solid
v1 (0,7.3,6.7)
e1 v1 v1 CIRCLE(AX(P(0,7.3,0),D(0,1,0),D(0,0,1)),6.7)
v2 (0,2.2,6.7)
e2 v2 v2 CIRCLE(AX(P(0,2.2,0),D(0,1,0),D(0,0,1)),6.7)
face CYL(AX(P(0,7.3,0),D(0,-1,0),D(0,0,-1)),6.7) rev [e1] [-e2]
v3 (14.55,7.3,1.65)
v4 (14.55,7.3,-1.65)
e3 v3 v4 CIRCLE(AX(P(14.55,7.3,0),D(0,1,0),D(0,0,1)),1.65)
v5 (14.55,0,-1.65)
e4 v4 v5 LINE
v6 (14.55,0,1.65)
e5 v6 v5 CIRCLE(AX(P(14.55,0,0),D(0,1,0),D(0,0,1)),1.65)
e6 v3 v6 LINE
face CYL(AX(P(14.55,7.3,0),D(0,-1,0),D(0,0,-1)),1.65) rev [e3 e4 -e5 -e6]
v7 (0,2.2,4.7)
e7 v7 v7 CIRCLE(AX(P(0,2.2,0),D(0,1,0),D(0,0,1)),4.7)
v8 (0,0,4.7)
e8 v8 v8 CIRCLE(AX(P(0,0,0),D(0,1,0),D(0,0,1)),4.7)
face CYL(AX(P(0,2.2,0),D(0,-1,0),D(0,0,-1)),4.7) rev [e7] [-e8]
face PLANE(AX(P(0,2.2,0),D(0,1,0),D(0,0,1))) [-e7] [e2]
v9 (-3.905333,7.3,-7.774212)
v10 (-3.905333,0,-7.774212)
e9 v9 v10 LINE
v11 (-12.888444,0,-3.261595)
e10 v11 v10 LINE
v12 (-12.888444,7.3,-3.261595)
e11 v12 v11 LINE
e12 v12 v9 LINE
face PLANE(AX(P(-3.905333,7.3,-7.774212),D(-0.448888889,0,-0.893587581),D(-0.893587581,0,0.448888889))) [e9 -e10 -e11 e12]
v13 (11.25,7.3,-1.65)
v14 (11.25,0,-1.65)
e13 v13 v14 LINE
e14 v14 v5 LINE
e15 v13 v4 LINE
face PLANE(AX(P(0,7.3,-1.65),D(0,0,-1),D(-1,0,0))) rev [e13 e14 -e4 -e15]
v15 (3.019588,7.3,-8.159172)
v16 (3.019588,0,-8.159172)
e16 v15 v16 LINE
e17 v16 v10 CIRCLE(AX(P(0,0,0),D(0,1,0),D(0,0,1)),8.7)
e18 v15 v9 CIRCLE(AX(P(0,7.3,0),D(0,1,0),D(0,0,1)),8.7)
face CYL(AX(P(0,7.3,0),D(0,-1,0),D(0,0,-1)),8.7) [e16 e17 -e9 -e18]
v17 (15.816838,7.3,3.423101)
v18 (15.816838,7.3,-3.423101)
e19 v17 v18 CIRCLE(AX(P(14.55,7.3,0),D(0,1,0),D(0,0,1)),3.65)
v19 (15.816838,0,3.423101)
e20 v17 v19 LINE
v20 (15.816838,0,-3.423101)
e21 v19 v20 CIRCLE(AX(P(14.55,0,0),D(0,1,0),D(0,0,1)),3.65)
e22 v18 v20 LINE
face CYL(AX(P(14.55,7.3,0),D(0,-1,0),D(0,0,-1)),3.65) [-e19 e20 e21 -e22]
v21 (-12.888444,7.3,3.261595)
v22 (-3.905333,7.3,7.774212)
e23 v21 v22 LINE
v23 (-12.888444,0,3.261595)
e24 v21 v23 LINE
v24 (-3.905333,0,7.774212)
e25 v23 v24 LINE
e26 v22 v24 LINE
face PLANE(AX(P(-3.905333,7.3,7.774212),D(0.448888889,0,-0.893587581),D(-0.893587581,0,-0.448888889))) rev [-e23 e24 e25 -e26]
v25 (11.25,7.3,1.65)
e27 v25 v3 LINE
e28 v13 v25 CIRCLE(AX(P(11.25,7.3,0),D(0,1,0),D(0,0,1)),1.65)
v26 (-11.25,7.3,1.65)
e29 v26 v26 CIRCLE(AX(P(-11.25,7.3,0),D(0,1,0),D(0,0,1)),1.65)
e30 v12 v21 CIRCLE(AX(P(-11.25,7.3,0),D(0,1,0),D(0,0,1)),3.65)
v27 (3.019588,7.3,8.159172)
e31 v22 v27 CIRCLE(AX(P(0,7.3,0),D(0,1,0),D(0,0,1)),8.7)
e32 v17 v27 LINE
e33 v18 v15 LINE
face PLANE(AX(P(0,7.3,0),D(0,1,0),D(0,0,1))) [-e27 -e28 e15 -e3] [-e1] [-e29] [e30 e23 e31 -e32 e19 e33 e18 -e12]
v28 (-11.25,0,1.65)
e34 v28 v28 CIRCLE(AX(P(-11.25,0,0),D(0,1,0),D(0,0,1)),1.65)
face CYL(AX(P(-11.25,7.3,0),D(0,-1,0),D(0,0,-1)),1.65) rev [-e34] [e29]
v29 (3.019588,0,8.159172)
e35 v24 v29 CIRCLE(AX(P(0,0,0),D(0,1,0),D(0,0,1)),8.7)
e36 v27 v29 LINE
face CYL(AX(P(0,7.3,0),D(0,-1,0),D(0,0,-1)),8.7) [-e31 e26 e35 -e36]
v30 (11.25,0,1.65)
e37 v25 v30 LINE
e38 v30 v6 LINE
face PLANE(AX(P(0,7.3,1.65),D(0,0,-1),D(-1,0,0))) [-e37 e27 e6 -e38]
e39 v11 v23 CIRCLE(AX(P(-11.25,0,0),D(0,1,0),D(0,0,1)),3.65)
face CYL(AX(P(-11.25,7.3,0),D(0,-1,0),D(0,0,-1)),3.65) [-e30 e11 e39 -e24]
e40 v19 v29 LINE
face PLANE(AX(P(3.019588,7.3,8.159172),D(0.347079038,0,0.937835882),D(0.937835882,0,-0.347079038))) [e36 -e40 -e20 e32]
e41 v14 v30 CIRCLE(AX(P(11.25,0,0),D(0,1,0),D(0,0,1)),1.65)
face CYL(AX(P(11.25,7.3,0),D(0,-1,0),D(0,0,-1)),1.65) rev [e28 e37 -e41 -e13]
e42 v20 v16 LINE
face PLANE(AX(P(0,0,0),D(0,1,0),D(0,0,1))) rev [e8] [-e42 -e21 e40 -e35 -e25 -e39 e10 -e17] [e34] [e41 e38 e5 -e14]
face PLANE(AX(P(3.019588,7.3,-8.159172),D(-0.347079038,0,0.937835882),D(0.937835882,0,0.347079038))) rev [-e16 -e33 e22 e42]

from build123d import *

# Parameters (mm, degrees)
BODY_DEPTH    = 7.3
SKETCH1_4_R   = 6.7
SKETCH1_4_R_2 = 4.7
FLOOR_2_DEPTH = 2.2


with BuildPart() as part:
    # Sketch1 → Body (new body)
    with BuildSketch(Plane(origin=(0, 0, 0), x_dir=(1, 0, 0), z_dir=(0, 1, 0))):
        with BuildLine():
            ThreePointArc((-9.081356282, 2.935895847), (-10.938876635, 3.636715861), (-12.888444444, 3.261594672))
            ThreePointArc((-12.888444444, 3.261594672), (-14.9, 0), (-12.888444444, -3.261594672))
            ThreePointArc((-12.888444444, -3.261594672), (-10.938876635, -3.636715861), (-9.081356282, -2.935895847))
            Line((-9.081356282, -2.935895847), (-11.990666667, -1.474419509))
            ThreePointArc((-11.990666667, -1.474419509), (-12.9, 0), (-11.990666667, 1.474419509))
            Line((-11.990666667, 1.474419509), (-9.081356282, 2.935895847))
        make_face()
        with BuildLine():
            ThreePointArc((-8.396888889, -2.276457113), (-8.551599574, -1.600045227), (-8.651913043, -0.913455362))
            Line((-8.651913043, -0.913455362), (-9.652022209, -0.411055931))
            ThreePointArc((-9.652022209, -0.411055931), (-10.567042376, -1.502021599), (-11.990666667, -1.474419509))
            Line((-11.990666667, -1.474419509), (-9.081356282, -2.935895847))
            ThreePointArc((-9.081356282, -2.935895847), (-8.717566338, -2.628550884), (-8.396888889, -2.276457113))
        make_face()
        with BuildLine():
            ThreePointArc((-8.396888889, 2.276457113), (-8.717566338, 2.628550884), (-9.081356282, 2.935895847))
            Line((-9.081356282, 2.935895847), (-11.990666667, 1.474419509))
            ThreePointArc((-11.990666667, 1.474419509), (-10.383859134, 1.404385987), (-9.6, 0))
            ThreePointArc((-9.6, 0), (-9.613057216, -0.207167377), (-9.652022209, -0.411055931))
            Line((-9.652022209, -0.411055931), (-8.651913043, -0.913455362))
            ThreePointArc((-8.651913043, -0.913455362), (-8.6723294, 0.69332732), (-8.396888889, 2.276457113))
        make_face()
        with BuildLine():
            ThreePointArc((-7.6, 0), (-7.804977826, 1.205952828), (-8.396888889, 2.276457113))
            ThreePointArc((-8.396888889, 2.276457113), (-8.6723294, 0.69332732), (-8.651913043, -0.913455362))
            Line((-8.651913043, -0.913455362), (-7.846323981, -1.318138671))
            ThreePointArc((-7.846323981, -1.318138671), (-7.662109431, -0.670478385), (-7.6, 0))
        make_face()
        with BuildLine():
            ThreePointArc((-8.396888889, -2.276457113), (-8.085124037, -1.818257446), (-7.846323981, -1.318138671))
            Line((-7.846323981, -1.318138671), (-8.651913043, -0.913455362))
            ThreePointArc((-8.651913043, -0.913455362), (-8.551599574, -1.600045227), (-8.396888889, -2.276457113))
        make_face()
        with BuildLine():
            Line((-12.888444444, -3.261594672), (-3.905333333, -7.774211957))
            ThreePointArc((-3.905333333, -7.774211957), (-6.309744397, -5.989751718), (-7.966765369, -3.495804564))
            Line((-7.966765369, -3.495804564), (-9.081356282, -2.935895847))
            ThreePointArc((-9.081356282, -2.935895847), (-10.938876635, -3.636715861), (-12.888444444, -3.261594672))
        make_face()
        with BuildLine():
            ThreePointArc((-7.966765369, 3.495804564), (-6.309744397, 5.989751718), (-3.905333333, 7.774211957))
            Line((-3.905333333, 7.774211957), (-12.888444444, 3.261594672))
            ThreePointArc((-12.888444444, 3.261594672), (-10.938876635, 3.636715861), (-9.081356282, 2.935895847))
            Line((-9.081356282, 2.935895847), (-7.966765369, 3.495804564))
        make_face()
        with BuildLine():
            ThreePointArc((-8.396888889, 2.276457113), (-8.204510785, 2.894132474), (-7.966765369, 3.495804564))
            Line((-7.966765369, 3.495804564), (-9.081356282, 2.935895847))
            ThreePointArc((-9.081356282, 2.935895847), (-8.717566338, 2.628550884), (-8.396888889, 2.276457113))
        make_face()
        with BuildLine():
            Line((-9.081356282, -2.935895847), (-7.966765369, -3.495804564))
            ThreePointArc((-7.966765369, -3.495804564), (-8.204510785, -2.894132474), (-8.396888889, -2.276457113))
            ThreePointArc((-8.396888889, -2.276457113), (-8.717566338, -2.628550884), (-9.081356282, -2.935895847))
        make_face()
        with BuildLine():
            ThreePointArc((-3.007555556, -5.987036795), (-5.087040274, -4.360277658), (-6.376599997, -2.056446565))
            Line((-6.376599997, -2.056446565), (-7.846323981, -1.318138671))
            ThreePointArc((-7.846323981, -1.318138671), (-8.085124037, -1.818257446), (-8.396888889, -2.276457113))
            ThreePointArc((-8.396888889, -2.276457113), (-8.204510785, -2.894132474), (-7.966765369, -3.495804564))
            Line((-7.966765369, -3.495804564), (-3.007555556, -5.987036795))
        make_face()
        with BuildLine():
            ThreePointArc((-6.376599997, -2.056446565), (-6.179805822, 2.588435821), (-3.007555556, 5.987036795))
            Line((-3.007555556, 5.987036795), (-7.966765369, 3.495804564))
            ThreePointArc((-7.966765369, 3.495804564), (-8.204510785, 2.894132474), (-8.396888889, 2.276457113))
            ThreePointArc((-8.396888889, 2.276457113), (-7.804977826, 1.205952828), (-7.6, 0))
            ThreePointArc((-7.6, 0), (-7.662109431, -0.670478385), (-7.846323981, -1.318138671))
            Line((-7.846323981, -1.318138671), (-6.376599997, -2.056446565))
        make_face()
        with BuildLine():
            Line((2.325429553, 6.283500409), (7.53020747, 4.357289922))
            ThreePointArc((7.53020747, 4.357289922), (5.606970779, 6.652208557), (3.019587629, 8.159172173))
            ThreePointArc((3.019587629, 8.159172173), (-0.482892281, 8.686588228), (-3.905333333, 7.774211957))
            ThreePointArc((-3.905333333, 7.774211957), (-6.309744397, 5.989751718), (-7.966765369, 3.495804564))
            Line((-7.966765369, 3.495804564), (-3.007555556, 5.987036795))
            ThreePointArc((-3.007555556, 5.987036795), (-0.371882561, 6.689671394), (2.325429553, 6.283500409))
        make_face()
        with BuildLine():
            Line((6.109376437, 2.750548955), (8.185210855, 1.982313673))
            ThreePointArc((8.185210855, 1.982313673), (8.287397099, 2.132014083), (8.396888889, 2.276457113))
            ThreePointArc((8.396888889, 2.276457113), (8.031224433, 3.345061151), (7.53020747, 4.357289922))
            Line((7.53020747, 4.357289922), (2.325429553, 6.283500409))
            ThreePointArc((2.325429553, 6.283500409), (4.57240905, 4.897251829), (6.109376437, 2.750548955))
        make_face()
        with BuildLine():
            ThreePointArc((8.396888889, -2.276457113), (7.604500307, -0.181195994), (8.185210855, 1.982313673))
            Line((8.185210855, 1.982313673), (6.109376437, 2.750548955))
            ThreePointArc((6.109376437, 2.750548955), (6.550680199, 1.406623239), (6.7, 0))
            ThreePointArc((6.7, 0), (5.498653381, -3.828160263), (2.325429553, -6.283500409))
            Line((2.325429553, -6.283500409), (7.53020747, -4.357289922))
            ThreePointArc((7.53020747, -4.357289922), (8.031224433, -3.345061151), (8.396888889, -2.276457113))
        make_face()
        with BuildLine():
            ThreePointArc((3.019587629, -8.159172173), (5.606970779, -6.652208557), (7.53020747, -4.357289922))
            Line((7.53020747, -4.357289922), (2.325429553, -6.283500409))
            ThreePointArc((2.325429553, -6.283500409), (-0.371882561, -6.689671394), (-3.007555556, -5.987036795))
            Line((-3.007555556, -5.987036795), (-7.966765369, -3.495804564))
            ThreePointArc((-7.966765369, -3.495804564), (-6.309744397, -5.989751718), (-3.905333333, -7.774211957))
            ThreePointArc((-3.905333333, -7.774211957), (-0.482892281, -8.686588228), (3.019587629, -8.159172173))
        make_face()
        with BuildLine():
            ThreePointArc((11.25, -3.65), (10.625334276, -3.596149709), (10.019100569, -3.436187799))
            Line((10.019100569, -3.436187799), (7.53020747, -4.357289922))
            ThreePointArc((7.53020747, -4.357289922), (5.606970779, -6.652208557), (3.019587629, -8.159172173))
            Line((3.019587629, -8.159172173), (15.816838488, -3.423100969))
            ThreePointArc((15.816838488, -3.423100969), (15.19349882, -3.592827476), (14.55, -3.65))
            Line((14.55, -3.65), (11.25, -3.65))
        make_face()
        with BuildLine():
            Line((7.53020747, -4.357289922), (10.019100569, -3.436187799))
            ThreePointArc((10.019100569, -3.436187799), (9.127259002, -2.969254226), (8.396888889, -2.276457113))
            ThreePointArc((8.396888889, -2.276457113), (8.031224433, -3.345061151), (7.53020747, -4.357289922))
        make_face()
        with BuildLine():
            ThreePointArc((8.7, 0), (8.649191008, 0.938879599), (8.497357494, 1.866792869))
            Line((8.497357494, 1.866792869), (8.185210855, 1.982313673))
            ThreePointArc((8.185210855, 1.982313673), (7.604500307, -0.181195994), (8.396888889, -2.276457113))
            ThreePointArc((8.396888889, -2.276457113), (8.6238893, -1.148274067), (8.7, 0))
        make_face()
        with BuildLine():
            Line((8.185210855, 1.982313673), (8.497357494, 1.866792869))
            ThreePointArc((8.497357494, 1.866792869), (8.449606287, 2.072233961), (8.396888889, 2.276457113))
            ThreePointArc((8.396888889, 2.276457113), (8.287397099, 2.132014083), (8.185210855, 1.982313673))
        make_face()
        with BuildLine():
            ThreePointArc((8.396888889, 2.276457113), (9.127259002, 2.969254226), (10.019100569, 3.436187799))
            Line((10.019100569, 3.436187799), (7.53020747, 4.357289922))
            ThreePointArc((7.53020747, 4.357289922), (8.031224433, 3.345061151), (8.396888889, 2.276457113))
        make_face()
        with BuildLine():
            ThreePointArc((10.170271524, 1.2476724), (10.673874779, 1.54614997), (11.25, 1.65))
            Line((11.25, 1.65), (14.55, 1.65))
            ThreePointArc((14.55, 1.65), (14.840896727, 1.624154886), (15.122680412, 1.547429205))
            Line((15.122680412, 1.547429205), (10.019100569, 3.436187799))
            ThreePointArc((10.019100569, 3.436187799), (9.127259002, 2.969254226), (8.396888889, 2.276457113))
            ThreePointArc((8.396888889, 2.276457113), (8.449606287, 2.072233961), (8.497357494, 1.866792869))
            Line((8.497357494, 1.866792869), (10.170271524, 1.2476724))
        make_face()
        with BuildLine():
            ThreePointArc((11.25, -1.65), (9.70385003, -0.576125221), (10.170271524, 1.2476724))
            Line((10.170271524, 1.2476724), (8.497357494, 1.866792869))
            ThreePointArc((8.497357494, 1.866792869), (8.649191008, 0.938879599), (8.7, 0))
            ThreePointArc((8.7, 0), (8.6238893, -1.148274067), (8.396888889, -2.276457113))
            ThreePointArc((8.396888889, -2.276457113), (9.127259002, -2.969254226), (10.019100569, -3.436187799))
            Line((10.019100569, -3.436187799), (15.122680412, -1.547429205))
            ThreePointArc((15.122680412, -1.547429205), (14.840896727, -1.624154886), (14.55, -1.65))
            Line((14.55, -1.65), (11.25, -1.65))
        make_face()
        with BuildLine():
            Line((10.019100569, 3.436187799), (15.122680412, 1.547429205))
            ThreePointArc((15.122680412, 1.547429205), (16.2, 0), (15.122680412, -1.547429205))
            Line((15.122680412, -1.547429205), (10.019100569, -3.436187799))
            ThreePointArc((10.019100569, -3.436187799), (10.625334276, -3.596149709), (11.25, -3.65))
            Line((11.25, -3.65), (14.55, -3.65))
            ThreePointArc((14.55, -3.65), (15.19349882, -3.592827476), (15.816838488, -3.423100969))
            ThreePointArc((15.816838488, -3.423100969), (18.2, 0), (15.816838488, 3.423100969))
            ThreePointArc((15.816838488, 3.423100969), (15.19349882, 3.592827476), (14.55, 3.65))
            Line((14.55, 3.65), (11.25, 3.65))
            ThreePointArc((11.25, 3.65), (10.625334276, 3.596149709), (10.019100569, 3.436187799))
        make_face()
        with BuildLine():
            Line((7.53020747, 4.357289922), (10.019100569, 3.436187799))
            ThreePointArc((10.019100569, 3.436187799), (10.625334276, 3.596149709), (11.25, 3.65))
            Line((11.25, 3.65), (14.55, 3.65))
            ThreePointArc((14.55, 3.65), (15.19349882, 3.592827476), (15.816838488, 3.423100969))
            Line((15.816838488, 3.423100969), (3.019587629, 8.159172173))
            ThreePointArc((3.019587629, 8.159172173), (5.606970779, 6.652208557), (7.53020747, 4.357289922))
        make_face()
    extrude(amount=BODY_DEPTH)

    # Sketch1<4> → Floor 2 (add)
    with BuildSketch(Plane(origin=(0, 0, 0), x_dir=(1, 0, 0), z_dir=(0, 1, 0))):
        with Locations(Location((0, 0, 0), (0, 0, 270))):
            Circle(SKETCH1_4_R)
        with Locations(Location((0, 0, 0), (0, 0, 270))):
            Circle(SKETCH1_4_R_2, mode=Mode.SUBTRACT)
    extrude(amount=FLOOR_2_DEPTH)


solid = part.part
